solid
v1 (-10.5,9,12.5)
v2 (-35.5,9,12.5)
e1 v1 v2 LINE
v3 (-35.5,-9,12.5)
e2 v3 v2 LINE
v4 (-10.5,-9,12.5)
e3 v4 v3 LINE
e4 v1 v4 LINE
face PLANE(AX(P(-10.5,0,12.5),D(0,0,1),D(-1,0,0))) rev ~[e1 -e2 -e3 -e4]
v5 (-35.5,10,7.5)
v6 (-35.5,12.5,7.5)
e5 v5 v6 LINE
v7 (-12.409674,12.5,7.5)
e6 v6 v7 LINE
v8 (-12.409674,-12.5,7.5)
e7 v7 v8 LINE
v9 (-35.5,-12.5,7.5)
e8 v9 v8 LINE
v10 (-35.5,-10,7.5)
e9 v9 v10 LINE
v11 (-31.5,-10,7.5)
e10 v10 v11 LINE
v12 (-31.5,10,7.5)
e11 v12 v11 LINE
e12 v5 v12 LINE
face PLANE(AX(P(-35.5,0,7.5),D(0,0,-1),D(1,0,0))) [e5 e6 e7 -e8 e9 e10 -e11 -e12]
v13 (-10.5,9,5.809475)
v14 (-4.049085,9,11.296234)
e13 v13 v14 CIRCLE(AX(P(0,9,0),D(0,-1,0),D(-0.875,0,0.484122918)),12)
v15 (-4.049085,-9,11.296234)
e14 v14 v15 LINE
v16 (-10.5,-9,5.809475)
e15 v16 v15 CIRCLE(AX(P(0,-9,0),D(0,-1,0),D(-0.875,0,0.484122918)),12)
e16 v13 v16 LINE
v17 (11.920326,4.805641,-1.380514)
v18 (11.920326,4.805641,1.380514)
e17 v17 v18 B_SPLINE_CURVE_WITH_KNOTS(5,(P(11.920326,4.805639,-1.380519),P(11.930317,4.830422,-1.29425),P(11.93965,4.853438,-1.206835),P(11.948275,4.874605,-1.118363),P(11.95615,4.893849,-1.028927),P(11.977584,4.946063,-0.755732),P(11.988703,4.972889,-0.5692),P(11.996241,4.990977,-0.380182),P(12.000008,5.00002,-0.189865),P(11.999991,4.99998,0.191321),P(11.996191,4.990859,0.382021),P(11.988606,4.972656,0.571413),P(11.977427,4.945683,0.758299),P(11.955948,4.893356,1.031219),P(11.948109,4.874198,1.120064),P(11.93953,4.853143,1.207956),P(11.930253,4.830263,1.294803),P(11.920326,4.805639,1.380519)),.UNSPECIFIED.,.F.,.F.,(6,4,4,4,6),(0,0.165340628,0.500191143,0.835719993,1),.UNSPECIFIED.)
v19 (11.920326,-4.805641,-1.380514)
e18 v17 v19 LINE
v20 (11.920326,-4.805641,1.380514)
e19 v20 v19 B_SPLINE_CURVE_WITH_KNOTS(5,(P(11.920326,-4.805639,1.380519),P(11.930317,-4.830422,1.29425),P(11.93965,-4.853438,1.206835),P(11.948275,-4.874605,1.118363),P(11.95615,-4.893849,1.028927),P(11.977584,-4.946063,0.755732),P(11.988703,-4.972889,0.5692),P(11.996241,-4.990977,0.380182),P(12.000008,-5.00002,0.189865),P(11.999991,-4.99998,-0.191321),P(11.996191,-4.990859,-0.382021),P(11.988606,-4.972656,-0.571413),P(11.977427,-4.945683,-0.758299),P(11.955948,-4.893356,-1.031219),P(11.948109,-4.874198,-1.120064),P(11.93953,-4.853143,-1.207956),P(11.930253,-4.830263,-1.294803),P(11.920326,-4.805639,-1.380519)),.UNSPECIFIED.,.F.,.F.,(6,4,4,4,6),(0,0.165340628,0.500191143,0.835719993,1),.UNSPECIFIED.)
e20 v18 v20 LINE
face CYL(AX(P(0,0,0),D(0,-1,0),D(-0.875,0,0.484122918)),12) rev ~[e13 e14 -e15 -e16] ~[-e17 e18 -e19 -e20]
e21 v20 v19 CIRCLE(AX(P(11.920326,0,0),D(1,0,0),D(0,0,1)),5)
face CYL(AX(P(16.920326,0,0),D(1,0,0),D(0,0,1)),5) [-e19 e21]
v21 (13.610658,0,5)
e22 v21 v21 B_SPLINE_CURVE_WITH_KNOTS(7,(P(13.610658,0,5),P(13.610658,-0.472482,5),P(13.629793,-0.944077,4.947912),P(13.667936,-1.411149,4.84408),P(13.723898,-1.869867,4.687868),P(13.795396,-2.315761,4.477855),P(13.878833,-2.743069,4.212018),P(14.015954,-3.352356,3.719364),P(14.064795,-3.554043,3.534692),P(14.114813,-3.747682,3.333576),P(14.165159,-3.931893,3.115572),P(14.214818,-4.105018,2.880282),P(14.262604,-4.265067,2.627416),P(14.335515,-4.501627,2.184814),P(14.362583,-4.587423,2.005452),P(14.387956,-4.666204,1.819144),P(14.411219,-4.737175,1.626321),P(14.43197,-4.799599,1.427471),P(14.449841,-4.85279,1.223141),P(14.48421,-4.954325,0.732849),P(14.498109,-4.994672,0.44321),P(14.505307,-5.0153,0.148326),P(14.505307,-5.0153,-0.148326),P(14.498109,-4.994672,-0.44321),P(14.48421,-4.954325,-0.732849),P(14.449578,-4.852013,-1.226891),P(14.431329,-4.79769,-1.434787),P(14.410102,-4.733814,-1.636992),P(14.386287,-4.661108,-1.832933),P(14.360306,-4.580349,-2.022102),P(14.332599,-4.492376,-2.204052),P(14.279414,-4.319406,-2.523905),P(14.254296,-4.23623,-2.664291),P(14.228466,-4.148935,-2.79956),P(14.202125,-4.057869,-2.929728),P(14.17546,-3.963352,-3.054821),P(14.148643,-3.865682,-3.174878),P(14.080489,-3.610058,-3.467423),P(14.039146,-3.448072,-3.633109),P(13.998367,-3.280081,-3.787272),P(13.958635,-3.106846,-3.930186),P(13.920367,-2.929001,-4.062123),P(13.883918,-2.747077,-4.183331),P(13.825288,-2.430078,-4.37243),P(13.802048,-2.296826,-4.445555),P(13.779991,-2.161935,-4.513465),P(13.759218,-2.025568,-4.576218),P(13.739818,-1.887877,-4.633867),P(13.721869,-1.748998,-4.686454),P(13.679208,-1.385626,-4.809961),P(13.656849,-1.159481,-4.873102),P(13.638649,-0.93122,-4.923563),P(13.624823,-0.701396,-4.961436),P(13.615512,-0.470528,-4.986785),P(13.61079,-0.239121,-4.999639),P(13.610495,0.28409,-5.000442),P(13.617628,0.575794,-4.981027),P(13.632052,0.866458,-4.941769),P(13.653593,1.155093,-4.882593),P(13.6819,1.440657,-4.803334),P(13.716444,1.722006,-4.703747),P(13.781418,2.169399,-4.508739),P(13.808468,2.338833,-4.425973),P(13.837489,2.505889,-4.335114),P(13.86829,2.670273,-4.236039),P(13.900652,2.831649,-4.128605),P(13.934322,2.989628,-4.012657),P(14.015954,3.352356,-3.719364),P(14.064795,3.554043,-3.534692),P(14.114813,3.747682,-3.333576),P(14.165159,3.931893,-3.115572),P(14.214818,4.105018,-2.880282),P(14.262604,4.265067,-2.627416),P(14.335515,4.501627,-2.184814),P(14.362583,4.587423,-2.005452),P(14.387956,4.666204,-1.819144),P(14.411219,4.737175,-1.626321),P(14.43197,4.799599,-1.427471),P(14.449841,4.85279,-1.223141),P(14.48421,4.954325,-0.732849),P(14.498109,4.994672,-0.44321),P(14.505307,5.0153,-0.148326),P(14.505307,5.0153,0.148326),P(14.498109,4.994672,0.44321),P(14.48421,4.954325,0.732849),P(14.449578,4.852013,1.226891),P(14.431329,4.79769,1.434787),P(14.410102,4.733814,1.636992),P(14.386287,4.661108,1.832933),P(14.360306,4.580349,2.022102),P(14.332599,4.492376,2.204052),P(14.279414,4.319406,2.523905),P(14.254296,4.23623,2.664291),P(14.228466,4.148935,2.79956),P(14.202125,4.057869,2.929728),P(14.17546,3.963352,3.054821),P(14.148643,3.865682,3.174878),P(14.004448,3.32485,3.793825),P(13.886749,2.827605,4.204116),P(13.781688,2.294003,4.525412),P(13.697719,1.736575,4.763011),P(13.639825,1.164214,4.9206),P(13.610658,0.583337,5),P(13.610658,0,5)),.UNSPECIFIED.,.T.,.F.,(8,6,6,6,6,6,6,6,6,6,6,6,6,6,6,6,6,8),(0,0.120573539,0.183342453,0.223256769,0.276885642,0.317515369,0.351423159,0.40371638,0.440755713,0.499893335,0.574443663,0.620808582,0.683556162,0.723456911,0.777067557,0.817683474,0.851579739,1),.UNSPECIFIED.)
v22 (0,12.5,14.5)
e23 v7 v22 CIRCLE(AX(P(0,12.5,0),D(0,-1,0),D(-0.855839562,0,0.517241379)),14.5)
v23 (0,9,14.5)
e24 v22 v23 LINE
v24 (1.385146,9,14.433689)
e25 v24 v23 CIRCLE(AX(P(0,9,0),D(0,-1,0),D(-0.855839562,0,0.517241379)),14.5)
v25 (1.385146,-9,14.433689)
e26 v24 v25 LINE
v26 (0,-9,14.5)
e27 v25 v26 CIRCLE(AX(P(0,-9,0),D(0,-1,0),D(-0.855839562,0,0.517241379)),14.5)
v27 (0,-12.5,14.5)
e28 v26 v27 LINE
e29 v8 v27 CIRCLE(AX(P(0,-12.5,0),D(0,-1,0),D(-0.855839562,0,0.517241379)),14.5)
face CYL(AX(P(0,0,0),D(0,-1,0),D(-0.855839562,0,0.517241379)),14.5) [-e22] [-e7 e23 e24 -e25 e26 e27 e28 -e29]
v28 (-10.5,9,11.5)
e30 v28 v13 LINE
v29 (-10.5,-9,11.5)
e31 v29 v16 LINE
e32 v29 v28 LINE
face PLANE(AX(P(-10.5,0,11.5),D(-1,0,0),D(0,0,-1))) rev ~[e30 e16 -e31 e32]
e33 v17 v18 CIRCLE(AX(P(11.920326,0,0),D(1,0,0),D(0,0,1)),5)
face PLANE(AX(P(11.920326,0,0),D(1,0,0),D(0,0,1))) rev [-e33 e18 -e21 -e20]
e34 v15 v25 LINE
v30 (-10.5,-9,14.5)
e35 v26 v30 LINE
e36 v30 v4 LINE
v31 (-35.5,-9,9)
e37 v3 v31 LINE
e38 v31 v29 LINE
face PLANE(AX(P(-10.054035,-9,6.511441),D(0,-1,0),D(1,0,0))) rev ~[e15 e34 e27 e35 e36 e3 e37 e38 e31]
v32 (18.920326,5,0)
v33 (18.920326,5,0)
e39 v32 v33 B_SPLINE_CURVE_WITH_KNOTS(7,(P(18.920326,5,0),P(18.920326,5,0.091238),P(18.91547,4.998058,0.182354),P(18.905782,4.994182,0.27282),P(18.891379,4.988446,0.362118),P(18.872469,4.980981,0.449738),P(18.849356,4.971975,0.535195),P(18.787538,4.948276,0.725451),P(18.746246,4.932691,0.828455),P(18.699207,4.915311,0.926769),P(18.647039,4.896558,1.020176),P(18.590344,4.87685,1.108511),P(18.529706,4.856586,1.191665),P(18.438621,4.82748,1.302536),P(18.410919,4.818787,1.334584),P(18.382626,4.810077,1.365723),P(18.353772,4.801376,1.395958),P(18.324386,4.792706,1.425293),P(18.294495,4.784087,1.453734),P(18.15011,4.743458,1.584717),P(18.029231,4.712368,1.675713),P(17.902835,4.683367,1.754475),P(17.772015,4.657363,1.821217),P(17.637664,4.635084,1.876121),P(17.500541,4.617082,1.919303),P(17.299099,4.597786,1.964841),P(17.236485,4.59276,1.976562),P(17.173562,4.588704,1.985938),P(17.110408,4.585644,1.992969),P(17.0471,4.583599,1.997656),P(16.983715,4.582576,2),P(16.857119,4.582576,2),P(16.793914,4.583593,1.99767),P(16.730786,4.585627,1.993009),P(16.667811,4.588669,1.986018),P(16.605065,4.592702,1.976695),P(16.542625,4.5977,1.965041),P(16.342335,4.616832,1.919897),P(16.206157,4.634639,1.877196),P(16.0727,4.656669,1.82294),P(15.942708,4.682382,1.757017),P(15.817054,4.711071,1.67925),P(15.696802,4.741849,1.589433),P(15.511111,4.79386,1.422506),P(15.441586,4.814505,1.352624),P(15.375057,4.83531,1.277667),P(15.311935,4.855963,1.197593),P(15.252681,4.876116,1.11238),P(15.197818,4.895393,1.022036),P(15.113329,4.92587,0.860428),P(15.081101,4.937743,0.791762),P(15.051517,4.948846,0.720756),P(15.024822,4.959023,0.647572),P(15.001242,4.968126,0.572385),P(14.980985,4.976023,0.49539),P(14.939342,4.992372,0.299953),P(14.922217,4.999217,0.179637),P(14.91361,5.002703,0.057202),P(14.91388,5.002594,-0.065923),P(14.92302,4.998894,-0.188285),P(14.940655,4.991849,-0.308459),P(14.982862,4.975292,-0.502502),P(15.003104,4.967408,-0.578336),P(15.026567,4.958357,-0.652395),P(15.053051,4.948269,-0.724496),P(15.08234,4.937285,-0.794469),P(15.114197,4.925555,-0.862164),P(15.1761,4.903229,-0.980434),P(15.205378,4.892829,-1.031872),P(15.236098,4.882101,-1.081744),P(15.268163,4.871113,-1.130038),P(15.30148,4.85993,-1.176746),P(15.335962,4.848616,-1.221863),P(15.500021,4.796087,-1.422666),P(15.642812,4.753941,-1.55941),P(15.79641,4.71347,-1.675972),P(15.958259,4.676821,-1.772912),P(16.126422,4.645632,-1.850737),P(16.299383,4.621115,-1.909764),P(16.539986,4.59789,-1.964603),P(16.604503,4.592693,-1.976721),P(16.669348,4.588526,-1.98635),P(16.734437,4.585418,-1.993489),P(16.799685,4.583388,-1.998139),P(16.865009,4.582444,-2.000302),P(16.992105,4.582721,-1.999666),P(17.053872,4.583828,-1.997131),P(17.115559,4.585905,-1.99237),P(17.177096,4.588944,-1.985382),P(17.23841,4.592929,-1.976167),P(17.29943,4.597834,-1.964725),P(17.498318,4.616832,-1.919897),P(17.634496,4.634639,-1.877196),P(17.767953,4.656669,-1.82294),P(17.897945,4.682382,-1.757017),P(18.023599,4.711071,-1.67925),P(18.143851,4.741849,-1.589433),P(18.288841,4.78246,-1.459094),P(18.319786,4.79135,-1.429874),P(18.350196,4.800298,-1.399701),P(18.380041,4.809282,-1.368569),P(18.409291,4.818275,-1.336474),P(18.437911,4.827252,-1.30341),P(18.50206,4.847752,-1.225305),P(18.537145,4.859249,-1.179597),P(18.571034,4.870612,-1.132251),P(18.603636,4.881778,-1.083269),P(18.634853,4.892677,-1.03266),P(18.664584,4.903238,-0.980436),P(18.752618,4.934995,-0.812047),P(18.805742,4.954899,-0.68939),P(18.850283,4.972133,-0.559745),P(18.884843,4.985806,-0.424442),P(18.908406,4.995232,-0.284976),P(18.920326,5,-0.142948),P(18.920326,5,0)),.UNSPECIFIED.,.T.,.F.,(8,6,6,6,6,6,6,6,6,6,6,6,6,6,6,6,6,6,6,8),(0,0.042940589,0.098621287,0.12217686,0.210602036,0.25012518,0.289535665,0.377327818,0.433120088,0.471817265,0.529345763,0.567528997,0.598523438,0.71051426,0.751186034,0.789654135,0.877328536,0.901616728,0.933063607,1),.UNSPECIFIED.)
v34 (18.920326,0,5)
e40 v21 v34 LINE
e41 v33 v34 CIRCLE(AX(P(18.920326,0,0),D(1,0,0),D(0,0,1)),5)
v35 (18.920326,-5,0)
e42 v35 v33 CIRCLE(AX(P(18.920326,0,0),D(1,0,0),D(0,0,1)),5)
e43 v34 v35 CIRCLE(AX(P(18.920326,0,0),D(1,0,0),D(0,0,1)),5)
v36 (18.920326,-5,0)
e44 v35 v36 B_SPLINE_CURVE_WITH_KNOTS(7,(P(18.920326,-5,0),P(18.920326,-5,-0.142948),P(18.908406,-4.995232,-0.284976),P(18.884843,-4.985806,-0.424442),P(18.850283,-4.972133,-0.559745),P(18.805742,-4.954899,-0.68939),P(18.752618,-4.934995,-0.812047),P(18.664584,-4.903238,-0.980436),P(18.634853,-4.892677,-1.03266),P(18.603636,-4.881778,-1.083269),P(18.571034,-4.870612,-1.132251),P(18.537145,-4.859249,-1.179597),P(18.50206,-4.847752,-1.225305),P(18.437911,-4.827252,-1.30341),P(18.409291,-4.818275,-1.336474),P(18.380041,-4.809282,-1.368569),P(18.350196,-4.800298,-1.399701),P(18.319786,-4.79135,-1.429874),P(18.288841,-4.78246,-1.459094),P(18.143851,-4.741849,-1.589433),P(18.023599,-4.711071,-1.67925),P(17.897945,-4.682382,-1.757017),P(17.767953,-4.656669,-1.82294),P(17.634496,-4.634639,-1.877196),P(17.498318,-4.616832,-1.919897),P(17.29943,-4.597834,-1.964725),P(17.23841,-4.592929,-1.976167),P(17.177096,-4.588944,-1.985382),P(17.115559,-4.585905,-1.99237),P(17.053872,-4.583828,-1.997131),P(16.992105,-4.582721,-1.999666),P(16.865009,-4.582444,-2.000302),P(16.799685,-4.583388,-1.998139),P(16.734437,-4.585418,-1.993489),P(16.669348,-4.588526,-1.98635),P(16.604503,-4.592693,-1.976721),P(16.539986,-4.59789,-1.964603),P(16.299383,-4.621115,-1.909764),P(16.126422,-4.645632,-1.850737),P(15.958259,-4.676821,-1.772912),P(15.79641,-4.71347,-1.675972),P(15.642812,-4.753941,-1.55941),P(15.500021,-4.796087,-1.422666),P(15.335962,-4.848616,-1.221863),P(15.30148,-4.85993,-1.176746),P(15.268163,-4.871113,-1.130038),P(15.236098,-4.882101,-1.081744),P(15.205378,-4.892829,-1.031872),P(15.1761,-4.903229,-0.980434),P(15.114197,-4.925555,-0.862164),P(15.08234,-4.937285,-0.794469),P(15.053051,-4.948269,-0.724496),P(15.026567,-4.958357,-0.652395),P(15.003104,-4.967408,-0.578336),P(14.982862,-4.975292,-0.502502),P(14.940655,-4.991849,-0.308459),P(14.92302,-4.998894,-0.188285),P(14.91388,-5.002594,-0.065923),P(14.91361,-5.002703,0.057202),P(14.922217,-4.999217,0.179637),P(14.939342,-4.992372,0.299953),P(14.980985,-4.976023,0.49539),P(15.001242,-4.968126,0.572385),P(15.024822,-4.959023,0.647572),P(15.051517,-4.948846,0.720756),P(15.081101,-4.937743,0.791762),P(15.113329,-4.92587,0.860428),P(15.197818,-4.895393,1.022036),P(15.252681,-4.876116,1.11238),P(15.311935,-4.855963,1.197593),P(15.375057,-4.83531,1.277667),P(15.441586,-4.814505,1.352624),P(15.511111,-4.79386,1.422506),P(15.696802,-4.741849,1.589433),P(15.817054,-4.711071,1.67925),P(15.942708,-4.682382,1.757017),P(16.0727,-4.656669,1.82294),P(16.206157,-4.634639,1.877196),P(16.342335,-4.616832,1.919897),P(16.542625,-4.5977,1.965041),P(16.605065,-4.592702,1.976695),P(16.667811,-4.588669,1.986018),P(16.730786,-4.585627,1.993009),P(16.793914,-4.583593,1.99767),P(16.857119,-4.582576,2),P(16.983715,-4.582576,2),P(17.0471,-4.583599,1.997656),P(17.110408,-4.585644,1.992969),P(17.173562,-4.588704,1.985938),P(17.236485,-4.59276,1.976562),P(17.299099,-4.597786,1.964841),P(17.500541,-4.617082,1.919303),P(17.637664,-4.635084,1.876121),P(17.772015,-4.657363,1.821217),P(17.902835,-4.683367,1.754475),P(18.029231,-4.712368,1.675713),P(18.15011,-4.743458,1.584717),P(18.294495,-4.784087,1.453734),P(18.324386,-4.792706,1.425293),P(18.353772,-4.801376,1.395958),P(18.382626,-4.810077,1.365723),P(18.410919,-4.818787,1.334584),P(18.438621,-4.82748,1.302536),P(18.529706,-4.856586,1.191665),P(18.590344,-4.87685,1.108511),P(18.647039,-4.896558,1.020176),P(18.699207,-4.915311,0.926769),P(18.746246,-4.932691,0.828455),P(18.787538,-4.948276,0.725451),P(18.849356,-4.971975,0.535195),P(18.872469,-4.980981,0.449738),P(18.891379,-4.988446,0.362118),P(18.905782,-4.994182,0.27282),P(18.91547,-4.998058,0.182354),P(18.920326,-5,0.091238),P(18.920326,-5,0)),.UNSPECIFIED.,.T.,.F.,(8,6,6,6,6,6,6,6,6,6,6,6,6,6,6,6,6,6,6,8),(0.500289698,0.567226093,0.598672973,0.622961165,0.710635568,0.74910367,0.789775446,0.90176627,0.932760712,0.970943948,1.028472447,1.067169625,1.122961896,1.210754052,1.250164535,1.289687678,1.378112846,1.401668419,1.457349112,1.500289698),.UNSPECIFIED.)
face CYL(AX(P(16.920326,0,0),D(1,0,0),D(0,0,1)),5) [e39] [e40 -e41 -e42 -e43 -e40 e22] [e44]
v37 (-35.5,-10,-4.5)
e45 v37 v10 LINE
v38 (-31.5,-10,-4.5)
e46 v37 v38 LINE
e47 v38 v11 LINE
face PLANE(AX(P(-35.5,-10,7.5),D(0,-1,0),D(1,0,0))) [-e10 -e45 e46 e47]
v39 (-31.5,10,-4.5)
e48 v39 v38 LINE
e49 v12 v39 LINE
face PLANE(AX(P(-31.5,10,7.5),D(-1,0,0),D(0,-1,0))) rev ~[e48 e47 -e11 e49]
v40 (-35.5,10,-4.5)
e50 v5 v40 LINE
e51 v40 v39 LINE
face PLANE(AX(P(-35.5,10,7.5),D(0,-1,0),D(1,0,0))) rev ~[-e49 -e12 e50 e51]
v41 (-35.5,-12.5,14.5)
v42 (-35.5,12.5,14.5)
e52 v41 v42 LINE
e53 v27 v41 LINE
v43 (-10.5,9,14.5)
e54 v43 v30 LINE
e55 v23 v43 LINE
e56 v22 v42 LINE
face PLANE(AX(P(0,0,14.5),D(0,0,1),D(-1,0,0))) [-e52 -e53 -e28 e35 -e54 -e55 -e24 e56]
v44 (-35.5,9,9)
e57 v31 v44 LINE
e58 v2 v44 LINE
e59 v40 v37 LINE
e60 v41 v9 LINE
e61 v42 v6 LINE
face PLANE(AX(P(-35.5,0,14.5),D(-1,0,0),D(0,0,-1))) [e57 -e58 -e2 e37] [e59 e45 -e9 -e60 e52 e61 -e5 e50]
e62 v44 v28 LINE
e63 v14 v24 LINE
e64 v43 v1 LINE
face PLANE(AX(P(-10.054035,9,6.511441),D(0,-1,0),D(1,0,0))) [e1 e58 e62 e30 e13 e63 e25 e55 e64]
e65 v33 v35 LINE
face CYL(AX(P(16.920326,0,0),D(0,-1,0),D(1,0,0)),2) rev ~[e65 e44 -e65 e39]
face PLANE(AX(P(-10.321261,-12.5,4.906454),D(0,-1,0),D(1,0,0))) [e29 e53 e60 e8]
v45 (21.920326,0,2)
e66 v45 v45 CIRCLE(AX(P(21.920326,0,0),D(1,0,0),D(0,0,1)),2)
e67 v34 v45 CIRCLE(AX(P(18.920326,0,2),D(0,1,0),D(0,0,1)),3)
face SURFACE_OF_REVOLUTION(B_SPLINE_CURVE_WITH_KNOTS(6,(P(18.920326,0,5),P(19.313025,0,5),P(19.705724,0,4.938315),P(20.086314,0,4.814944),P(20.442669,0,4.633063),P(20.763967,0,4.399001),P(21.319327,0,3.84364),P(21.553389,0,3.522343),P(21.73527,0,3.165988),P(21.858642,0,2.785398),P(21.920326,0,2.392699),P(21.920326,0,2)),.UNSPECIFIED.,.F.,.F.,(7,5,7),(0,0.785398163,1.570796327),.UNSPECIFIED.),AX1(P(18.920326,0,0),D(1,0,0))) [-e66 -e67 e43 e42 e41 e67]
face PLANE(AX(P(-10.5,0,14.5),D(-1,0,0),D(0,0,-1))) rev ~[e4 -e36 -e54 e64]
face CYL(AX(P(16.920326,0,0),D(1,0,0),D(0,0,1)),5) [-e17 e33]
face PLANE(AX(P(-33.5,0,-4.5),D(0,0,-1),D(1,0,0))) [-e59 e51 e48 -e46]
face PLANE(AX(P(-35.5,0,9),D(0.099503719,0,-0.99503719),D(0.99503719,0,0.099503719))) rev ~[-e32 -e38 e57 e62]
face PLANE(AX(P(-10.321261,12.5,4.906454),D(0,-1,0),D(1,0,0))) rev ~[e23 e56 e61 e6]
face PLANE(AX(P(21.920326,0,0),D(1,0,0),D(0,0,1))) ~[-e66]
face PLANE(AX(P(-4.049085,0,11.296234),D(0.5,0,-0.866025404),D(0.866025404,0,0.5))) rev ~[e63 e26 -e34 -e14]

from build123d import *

# Parameters (mm, degrees)
F1_DEPTH  = 12.5
F3_DEPTH  = 9
F4_W      = 10
F4_H      = 5
F6_R      = 3
F7_R      = 2
F8_DEPTH  = 5
F9_W      = 4
F9_H      = 20
F10_DEPTH = 12
F11_DEPTH = 0.7


with BuildPart() as f1:
    # F0 (on Front) → F1 (new body, symmetric)
    with BuildSketch(Plane.XZ):
        with BuildLine():
            Line((-35.5, 7.5), (-12.409673646, 7.5))
            ThreePointArc((-12.409673646, 7.5), (7.1239034244, -12.6293309403), (0, 14.5))
            Line((0, 14.5), (-35.5, 14.5))
            Line((-35.5, 14.5), (-35.5, 7.5))
        make_face()
    extrude(amount=F1_DEPTH, both=True)

    # F2 (on Front) → F3 (cut, symmetric)
    with BuildSketch(Plane.XZ):
        with BuildLine():
            Line((-10.5, 11.5), (-10.5, 5.8094750193))
            ThreePointArc((-10.5, 5.8094750193), (7.7746445838, -9.1408370292), (-4.0490846521, 11.2962344823))
            Line((-4.0490846521, 11.2962344823), (1.5, 14.5))
            Line((1.5, 14.5), (-10.5, 14.5))
            Line((-10.5, 14.5), (-10.5, 12.5))
            Line((-10.5, 12.5), (-35.5, 12.5))
            Line((-35.5, 12.5), (-35.5, 9))
            Line((-35.5, 9), (-10.5, 11.5))
        make_face()
    extrude(amount=F3_DEPTH, both=True, mode=Mode.SUBTRACT)

    # F4 (on Front) → F5 (revolve)
    with BuildSketch(Plane.XZ):
        with Locations((16.9203263894, 2.5)):
            Rectangle(F4_W, F4_H)
    revolve(axis=Axis((16.9203263894, 0, 0), (1, 0, 0)))

    # F6
    f6_edges = [f1.edges().sort_by_distance(p)[0] for p in [
        (21.920326, 0, -5),
    ]]
    fillet(f6_edges, radius=F6_R)

    # F7 (on Front) → F8 (cut, symmetric)
    with BuildSketch(Plane.XZ):
        with Locations((16.9203263894, 0)):
            Circle(F7_R)
    extrude(amount=F8_DEPTH, both=True, mode=Mode.SUBTRACT)

    # F9 (on face) → F10 (join)
    with BuildSketch(Plane(origin=(0, 0, 7.5), x_dir=(1, 0, 0), z_dir=(0, 0, -1))):
        with Locations((-33.5, 0)):
            Rectangle(F9_W, F9_H)
    extrude(amount=F10_DEPTH)

    # F9 (on face) → F11 (join)
    with BuildSketch(Plane(origin=(0, 0, 7.5), x_dir=(1, 0, 0), z_dir=(0, 0, -1))):
        with Locations((-33.5, 0)):
            Rectangle(F9_W, F9_H)
    extrude(amount=F11_DEPTH)


solid = f1.part
